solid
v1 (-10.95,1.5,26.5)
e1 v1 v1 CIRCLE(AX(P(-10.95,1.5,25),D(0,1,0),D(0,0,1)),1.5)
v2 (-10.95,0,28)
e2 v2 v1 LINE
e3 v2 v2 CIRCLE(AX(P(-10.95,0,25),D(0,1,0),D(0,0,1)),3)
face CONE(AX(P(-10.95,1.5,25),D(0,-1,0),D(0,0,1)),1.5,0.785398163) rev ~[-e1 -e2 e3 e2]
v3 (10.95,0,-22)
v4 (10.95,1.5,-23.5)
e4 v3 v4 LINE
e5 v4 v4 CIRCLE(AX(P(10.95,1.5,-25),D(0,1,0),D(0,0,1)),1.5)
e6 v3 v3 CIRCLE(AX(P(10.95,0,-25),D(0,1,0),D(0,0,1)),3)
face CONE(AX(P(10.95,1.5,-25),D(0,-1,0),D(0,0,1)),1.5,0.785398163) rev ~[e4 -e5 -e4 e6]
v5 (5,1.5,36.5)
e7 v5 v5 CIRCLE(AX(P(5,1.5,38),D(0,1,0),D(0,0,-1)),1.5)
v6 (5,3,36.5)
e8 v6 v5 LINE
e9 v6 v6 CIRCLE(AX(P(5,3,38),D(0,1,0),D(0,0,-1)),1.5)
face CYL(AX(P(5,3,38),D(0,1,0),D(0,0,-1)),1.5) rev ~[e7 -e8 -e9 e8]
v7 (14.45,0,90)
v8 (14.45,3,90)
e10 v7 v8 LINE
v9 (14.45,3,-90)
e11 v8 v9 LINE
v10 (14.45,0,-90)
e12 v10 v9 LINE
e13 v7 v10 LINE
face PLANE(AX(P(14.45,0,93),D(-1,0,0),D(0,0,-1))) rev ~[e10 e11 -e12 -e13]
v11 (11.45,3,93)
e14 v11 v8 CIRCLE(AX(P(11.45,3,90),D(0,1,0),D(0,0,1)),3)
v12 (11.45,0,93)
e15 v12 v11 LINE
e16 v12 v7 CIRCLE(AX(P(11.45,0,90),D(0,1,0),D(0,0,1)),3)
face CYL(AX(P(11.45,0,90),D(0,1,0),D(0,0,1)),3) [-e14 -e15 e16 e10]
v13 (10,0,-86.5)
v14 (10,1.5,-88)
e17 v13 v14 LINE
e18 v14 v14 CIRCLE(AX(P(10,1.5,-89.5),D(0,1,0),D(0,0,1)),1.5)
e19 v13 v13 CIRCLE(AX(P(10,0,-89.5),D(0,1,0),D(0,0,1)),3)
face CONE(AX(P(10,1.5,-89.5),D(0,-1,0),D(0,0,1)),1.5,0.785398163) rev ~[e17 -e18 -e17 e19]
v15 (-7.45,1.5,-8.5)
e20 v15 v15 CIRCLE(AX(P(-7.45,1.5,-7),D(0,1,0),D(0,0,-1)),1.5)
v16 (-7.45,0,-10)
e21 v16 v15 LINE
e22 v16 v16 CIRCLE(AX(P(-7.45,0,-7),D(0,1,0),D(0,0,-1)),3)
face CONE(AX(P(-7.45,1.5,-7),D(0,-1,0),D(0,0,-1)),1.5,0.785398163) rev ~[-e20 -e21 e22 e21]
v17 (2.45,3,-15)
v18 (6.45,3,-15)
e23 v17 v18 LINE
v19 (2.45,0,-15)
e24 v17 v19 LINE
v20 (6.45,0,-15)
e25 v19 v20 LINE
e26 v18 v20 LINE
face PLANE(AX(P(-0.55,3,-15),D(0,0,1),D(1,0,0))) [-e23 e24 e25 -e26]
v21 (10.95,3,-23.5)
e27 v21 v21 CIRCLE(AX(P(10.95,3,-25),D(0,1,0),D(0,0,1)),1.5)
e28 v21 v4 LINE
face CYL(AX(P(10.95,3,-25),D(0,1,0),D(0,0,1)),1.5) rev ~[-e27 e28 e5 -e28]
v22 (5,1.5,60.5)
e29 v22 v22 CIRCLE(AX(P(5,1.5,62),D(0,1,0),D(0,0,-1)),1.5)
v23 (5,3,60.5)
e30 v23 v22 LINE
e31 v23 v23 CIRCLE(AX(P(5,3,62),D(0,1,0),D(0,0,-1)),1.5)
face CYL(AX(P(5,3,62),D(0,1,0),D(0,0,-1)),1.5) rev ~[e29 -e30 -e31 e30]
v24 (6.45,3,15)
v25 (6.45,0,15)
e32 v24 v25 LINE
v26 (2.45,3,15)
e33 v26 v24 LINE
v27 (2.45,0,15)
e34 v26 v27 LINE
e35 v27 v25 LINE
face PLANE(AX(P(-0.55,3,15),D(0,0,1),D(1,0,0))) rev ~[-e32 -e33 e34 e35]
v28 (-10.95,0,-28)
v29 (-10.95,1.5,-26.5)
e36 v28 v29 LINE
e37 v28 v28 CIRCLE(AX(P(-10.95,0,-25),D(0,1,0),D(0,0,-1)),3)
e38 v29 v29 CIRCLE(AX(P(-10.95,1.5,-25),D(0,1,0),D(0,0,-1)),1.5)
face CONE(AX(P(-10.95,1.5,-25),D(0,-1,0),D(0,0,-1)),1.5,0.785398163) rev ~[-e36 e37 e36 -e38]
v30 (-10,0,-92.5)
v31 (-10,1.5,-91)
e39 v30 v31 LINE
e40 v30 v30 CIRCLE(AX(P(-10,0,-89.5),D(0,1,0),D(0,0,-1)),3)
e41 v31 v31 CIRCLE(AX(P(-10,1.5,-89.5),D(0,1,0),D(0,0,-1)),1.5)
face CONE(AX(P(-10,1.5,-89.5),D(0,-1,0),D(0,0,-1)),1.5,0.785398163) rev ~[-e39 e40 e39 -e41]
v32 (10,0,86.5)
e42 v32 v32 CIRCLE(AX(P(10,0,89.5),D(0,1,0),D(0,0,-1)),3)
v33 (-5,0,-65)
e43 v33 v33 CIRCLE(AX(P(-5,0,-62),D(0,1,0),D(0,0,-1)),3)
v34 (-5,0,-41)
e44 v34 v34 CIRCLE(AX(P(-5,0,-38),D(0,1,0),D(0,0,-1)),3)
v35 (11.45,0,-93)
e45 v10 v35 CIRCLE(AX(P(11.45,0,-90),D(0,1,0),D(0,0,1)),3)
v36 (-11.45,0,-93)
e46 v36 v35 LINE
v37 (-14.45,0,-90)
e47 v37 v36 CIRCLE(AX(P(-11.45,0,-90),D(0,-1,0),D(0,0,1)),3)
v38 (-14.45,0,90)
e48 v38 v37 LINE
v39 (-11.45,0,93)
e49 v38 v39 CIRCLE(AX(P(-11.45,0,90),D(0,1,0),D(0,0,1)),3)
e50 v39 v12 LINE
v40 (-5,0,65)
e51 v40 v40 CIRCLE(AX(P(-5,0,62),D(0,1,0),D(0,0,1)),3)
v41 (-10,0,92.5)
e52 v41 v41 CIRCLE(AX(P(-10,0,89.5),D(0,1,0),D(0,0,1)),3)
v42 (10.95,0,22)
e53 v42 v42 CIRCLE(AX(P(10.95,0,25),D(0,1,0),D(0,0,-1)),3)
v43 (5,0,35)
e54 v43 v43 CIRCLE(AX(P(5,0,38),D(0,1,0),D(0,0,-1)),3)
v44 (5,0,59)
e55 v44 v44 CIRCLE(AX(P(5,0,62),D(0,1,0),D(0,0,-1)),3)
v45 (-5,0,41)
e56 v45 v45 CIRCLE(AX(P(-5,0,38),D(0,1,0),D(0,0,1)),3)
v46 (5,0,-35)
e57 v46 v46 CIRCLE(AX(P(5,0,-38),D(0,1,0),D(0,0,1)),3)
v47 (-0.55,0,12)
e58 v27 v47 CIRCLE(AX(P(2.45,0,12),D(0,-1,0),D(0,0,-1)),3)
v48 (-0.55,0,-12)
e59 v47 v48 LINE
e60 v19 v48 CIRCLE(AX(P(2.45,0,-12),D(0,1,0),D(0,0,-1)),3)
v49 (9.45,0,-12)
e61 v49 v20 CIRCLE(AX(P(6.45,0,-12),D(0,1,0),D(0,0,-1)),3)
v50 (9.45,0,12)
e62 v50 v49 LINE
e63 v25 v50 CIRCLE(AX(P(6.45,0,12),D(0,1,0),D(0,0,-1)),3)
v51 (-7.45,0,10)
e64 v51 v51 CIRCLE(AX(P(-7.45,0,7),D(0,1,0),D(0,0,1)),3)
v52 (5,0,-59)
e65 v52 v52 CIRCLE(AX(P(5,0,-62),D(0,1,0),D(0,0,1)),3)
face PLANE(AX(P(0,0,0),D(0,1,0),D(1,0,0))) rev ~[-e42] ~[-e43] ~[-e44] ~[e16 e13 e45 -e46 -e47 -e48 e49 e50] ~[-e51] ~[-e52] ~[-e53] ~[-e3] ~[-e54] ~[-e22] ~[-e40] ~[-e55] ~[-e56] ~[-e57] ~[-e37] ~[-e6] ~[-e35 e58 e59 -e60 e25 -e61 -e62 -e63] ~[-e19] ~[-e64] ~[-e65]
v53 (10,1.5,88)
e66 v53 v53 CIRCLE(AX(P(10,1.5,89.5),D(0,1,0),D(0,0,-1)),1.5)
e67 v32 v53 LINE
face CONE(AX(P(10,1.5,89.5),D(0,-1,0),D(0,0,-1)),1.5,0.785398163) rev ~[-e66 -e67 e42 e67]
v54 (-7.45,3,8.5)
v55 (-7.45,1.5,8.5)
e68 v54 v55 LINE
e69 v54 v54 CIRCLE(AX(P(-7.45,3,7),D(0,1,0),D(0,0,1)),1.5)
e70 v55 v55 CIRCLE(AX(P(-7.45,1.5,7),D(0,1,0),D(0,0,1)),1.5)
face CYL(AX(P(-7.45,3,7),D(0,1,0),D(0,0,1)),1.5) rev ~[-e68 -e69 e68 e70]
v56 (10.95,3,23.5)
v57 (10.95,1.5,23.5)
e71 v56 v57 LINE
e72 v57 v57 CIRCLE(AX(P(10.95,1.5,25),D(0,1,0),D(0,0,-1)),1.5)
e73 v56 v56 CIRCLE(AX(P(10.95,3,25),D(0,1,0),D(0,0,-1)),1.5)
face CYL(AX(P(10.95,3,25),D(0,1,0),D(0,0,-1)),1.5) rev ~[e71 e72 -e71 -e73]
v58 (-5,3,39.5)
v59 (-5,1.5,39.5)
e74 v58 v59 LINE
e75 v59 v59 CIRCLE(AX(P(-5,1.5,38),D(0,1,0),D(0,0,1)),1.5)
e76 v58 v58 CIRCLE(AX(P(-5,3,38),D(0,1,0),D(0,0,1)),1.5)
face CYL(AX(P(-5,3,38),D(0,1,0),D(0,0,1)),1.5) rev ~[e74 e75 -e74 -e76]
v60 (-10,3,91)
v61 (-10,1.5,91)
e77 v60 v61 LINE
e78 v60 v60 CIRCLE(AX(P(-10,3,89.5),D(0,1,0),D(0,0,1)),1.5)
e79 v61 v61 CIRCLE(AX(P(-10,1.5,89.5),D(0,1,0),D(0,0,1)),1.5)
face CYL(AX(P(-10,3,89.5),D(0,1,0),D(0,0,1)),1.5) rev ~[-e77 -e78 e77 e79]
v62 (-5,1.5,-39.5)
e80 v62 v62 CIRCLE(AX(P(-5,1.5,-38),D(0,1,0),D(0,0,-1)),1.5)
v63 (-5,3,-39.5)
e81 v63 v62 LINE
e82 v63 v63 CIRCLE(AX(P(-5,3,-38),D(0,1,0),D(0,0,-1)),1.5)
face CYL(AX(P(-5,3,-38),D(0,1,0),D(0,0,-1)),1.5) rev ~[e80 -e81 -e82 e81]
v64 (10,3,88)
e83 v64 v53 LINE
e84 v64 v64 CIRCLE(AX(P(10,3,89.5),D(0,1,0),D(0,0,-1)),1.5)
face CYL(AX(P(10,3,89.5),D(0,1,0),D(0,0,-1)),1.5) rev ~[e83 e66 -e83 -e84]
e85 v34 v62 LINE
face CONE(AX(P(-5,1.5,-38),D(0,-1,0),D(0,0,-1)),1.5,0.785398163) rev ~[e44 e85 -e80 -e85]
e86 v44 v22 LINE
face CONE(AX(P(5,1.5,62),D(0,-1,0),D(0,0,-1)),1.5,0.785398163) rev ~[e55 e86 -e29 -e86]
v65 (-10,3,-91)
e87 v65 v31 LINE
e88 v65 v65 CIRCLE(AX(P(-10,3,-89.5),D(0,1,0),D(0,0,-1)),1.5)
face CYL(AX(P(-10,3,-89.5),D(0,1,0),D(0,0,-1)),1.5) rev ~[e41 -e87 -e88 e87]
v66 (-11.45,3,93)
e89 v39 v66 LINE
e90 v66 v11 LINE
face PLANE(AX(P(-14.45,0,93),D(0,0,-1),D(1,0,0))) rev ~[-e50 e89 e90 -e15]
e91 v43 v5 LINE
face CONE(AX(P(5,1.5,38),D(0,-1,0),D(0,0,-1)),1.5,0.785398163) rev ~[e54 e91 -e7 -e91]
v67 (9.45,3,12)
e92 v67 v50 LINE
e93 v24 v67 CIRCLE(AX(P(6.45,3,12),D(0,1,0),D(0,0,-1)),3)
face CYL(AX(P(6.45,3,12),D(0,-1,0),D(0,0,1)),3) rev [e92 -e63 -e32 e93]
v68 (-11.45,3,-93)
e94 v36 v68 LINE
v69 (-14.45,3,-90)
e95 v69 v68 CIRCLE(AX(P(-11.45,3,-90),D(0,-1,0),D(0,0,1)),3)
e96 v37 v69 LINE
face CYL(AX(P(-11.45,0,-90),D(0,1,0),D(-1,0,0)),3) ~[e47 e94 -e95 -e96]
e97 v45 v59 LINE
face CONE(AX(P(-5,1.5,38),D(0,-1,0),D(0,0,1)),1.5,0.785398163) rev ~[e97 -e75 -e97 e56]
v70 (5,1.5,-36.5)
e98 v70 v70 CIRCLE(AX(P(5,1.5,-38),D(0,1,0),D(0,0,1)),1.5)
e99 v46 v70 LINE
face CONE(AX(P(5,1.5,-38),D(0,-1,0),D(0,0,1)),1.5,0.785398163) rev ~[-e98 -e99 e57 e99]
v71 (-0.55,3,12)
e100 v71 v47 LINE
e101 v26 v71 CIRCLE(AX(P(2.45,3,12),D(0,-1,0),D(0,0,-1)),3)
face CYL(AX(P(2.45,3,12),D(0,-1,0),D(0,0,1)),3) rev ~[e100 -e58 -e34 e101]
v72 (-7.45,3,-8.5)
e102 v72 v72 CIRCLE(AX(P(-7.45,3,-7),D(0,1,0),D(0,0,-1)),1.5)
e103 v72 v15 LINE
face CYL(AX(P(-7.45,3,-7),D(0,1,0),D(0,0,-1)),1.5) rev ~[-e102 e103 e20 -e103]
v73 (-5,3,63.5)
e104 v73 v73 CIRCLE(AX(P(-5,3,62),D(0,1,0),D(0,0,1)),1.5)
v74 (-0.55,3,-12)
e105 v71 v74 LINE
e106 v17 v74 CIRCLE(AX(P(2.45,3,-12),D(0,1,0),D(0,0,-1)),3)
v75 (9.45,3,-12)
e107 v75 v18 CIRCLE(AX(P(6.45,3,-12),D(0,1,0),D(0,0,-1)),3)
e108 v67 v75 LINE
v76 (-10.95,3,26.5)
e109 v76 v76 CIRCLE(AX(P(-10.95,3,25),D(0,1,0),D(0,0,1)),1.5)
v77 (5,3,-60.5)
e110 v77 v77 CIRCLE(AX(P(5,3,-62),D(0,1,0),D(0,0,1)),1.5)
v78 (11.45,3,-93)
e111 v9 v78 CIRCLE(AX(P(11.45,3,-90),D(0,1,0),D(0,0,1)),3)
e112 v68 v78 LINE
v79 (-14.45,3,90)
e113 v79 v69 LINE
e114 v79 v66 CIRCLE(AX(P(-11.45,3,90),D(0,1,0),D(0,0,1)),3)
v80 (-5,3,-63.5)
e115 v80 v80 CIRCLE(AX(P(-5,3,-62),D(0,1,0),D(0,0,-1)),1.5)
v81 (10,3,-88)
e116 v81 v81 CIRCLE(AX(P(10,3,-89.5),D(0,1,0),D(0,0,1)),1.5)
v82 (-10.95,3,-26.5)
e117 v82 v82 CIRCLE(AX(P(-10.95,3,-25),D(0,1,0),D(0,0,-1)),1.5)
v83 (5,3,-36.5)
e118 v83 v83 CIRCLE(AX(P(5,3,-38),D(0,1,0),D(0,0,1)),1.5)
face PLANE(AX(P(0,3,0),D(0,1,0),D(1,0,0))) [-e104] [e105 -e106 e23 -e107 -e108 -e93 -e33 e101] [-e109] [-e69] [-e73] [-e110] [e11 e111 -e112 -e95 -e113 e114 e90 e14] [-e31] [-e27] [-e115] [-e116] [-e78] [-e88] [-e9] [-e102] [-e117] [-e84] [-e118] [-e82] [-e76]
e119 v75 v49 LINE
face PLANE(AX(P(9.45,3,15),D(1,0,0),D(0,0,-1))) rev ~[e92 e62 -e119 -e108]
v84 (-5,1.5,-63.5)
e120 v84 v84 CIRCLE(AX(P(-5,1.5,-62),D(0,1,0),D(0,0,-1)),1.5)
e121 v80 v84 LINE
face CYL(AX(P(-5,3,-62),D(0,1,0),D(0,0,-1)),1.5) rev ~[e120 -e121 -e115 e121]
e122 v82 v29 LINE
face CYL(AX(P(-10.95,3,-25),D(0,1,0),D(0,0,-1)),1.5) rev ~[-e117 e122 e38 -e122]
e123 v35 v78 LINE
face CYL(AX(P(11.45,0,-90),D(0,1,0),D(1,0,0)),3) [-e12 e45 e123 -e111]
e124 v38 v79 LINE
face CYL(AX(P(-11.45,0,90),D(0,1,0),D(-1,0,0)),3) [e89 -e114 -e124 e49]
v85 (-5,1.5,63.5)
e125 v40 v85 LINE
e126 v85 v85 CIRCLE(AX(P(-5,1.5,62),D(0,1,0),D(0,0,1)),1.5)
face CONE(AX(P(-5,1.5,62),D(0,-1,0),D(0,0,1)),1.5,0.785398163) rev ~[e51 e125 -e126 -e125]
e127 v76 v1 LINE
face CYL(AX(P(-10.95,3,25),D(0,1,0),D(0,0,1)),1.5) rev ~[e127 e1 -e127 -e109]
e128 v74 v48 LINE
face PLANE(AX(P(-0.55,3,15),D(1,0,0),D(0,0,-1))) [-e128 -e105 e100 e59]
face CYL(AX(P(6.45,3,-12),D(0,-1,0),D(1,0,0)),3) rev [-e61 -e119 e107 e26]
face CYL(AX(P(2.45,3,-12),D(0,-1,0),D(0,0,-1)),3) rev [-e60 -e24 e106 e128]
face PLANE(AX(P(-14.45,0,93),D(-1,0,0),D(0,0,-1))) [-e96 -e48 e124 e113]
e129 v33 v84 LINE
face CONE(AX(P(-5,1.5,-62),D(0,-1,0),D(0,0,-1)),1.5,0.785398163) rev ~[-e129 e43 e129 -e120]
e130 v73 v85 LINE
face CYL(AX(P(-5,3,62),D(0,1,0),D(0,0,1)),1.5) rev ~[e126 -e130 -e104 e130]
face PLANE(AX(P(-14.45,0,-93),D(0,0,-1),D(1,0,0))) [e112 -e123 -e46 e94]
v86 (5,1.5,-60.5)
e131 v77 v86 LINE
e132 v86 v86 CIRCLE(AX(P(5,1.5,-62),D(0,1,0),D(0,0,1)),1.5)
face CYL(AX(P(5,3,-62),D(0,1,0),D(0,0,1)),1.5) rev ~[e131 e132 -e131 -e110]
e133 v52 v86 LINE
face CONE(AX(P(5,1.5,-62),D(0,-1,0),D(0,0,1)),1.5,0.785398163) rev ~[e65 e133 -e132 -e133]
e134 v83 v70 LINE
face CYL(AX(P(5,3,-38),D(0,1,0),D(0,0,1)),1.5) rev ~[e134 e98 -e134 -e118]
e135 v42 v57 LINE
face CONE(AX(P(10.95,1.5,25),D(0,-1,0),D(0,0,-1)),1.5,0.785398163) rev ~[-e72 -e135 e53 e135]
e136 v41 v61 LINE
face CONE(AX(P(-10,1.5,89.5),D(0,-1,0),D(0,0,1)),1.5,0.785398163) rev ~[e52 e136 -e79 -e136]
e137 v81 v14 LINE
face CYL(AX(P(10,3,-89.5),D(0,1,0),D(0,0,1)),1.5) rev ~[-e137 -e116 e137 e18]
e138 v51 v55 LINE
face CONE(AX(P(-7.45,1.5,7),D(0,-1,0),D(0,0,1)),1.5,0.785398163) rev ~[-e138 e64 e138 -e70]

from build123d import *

# Parameters (mm, degrees)
SKETCH_1_W          = 28.9
SKETCH_1_H          = 186
EXTRUDE_1_DEPTH     = 3
FILLET_1_R          = 3
SKETCH_2_R          = 1.5
CUT_EXTRUDE_1_DEPTH = 3
CHAMFER_1_SIZE      = 1.5
SKETCH_3_W          = 10
SKETCH_3_H          = 30
CUT_EXTRUDE_2_DEPTH = 3
FILLET_2_R          = 3


with BuildPart() as part:
    # 草图1 → 凸台-拉伸1 (new body)
    with BuildSketch(Plane(origin=(0, 0, 0), x_dir=(1, 0, 0), z_dir=(0, 1, 0))):
        Rectangle(SKETCH_1_W, SKETCH_1_H)
    extrude(amount=EXTRUDE_1_DEPTH)

    # 圆角1
    fillet_1_edges = [part.edges().sort_by_distance(p)[0] for p in [
        (14.45, 1.5, 93),
        (-14.45, 1.5, 93),
        (-14.45, 1.5, -93),
        (14.45, 1.5, -93),
    ]]
    fillet(fillet_1_edges, radius=FILLET_1_R)

    # 草图2 → 切除-拉伸1 (cut)
    with BuildSketch(Plane(origin=(0, 3, 0), x_dir=(1, 0, 0), z_dir=(0, 1, 0))):
        with Locations(Location((-10, -89.5, 0), (0, 0, 270))):
            Circle(SKETCH_2_R)
        with Locations(Location((10, -89.5, 0), (0, 0, 90))):
            Circle(SKETCH_2_R)
        with Locations(Location((10, 89.5, 0), (0, 0, 270))):
            Circle(SKETCH_2_R)
        with Locations(Location((-10, 89.5, 0), (0, 0, 90))):
            Circle(SKETCH_2_R)
        with Locations(Location((-5, -38, 0), (0, 0, 270))):
            Circle(SKETCH_2_R)
        with Locations(Location((-5, -62, 0), (0, 0, 270))):
            Circle(SKETCH_2_R)
        with Locations(Location((5, -38, 0), (0, 0, 90))):
            Circle(SKETCH_2_R)
        with Locations(Location((5, -62, 0), (0, 0, 90))):
            Circle(SKETCH_2_R)
        with Locations(Location((5, 62, 0), (0, 0, 270))):
            Circle(SKETCH_2_R)
        with Locations(Location((5, 38, 0), (0, 0, 270))):
            Circle(SKETCH_2_R)
        with Locations(Location((-5, 62, 0), (0, 0, 90))):
            Circle(SKETCH_2_R)
        with Locations(Location((-5, 38, 0), (0, 0, 90))):
            Circle(SKETCH_2_R)
        with Locations(Location((-7.45, -7, 0), (0, 0, 270))):
            Circle(SKETCH_2_R)
        with Locations(Location((-7.45, 7, 0), (0, 0, 90))):
            Circle(SKETCH_2_R)
        with Locations(Location((10.95, 25, 0), (0, 0, 270))):
            Circle(SKETCH_2_R)
        with Locations(Location((10.95, -25, 0), (0, 0, 90))):
            Circle(SKETCH_2_R)
        with Locations(Location((-10.95, -25, 0), (0, 0, 270))):
            Circle(SKETCH_2_R)
        with Locations(Location((-10.95, 25, 0), (0, 0, 90))):
            Circle(SKETCH_2_R)
    extrude(amount=-CUT_EXTRUDE_1_DEPTH, mode=Mode.SUBTRACT)

    # 倒角1
    chamfer_1_edges = [part.edges().sort_by_distance(p)[0] for p in [
        (-7.45, 0, 5.5),
        (-5, 0, -36.5),
        (-5, 0, -60.5),
        (5, 0, -39.5),
        (-7.45, 0, -5.5),
        (10.95, 0, -26.5),
        (10.95, 0, 26.5),
        (-10.95, 0, 23.5),
        (10, 0, 91),
        (10, 0, -91),
        (-10, 0, -88),
        (-5, 0, 36.5),
        (5, 0, -63.5),
        (5, 0, 63.5),
        (5, 0, 39.5),
        (-5, 0, 60.5),
        (-10.95, 0, -23.5),
        (-10, 0, 88),
    ]]
    chamfer(chamfer_1_edges, length=CHAMFER_1_SIZE)

    # 草图3 → 切除-拉伸2 (cut)
    with BuildSketch(Plane(origin=(0, 3, 0), x_dir=(1, 0, 0), z_dir=(0, 1, 0))):
        with Locations((4.45, 0)):
            Rectangle(SKETCH_3_W, SKETCH_3_H)
    extrude(amount=-CUT_EXTRUDE_2_DEPTH, mode=Mode.SUBTRACT)

    # 圆角2
    fillet_2_edges = [part.edges().sort_by_distance(p)[0] for p in [
        (9.45, 1.5, -15),
        (9.45, 1.5, 15),
        (-0.55, 1.5, 15),
        (-0.55, 1.5, -15),
    ]]
    fillet(fillet_2_edges, radius=FILLET_2_R)


solid = part.part
